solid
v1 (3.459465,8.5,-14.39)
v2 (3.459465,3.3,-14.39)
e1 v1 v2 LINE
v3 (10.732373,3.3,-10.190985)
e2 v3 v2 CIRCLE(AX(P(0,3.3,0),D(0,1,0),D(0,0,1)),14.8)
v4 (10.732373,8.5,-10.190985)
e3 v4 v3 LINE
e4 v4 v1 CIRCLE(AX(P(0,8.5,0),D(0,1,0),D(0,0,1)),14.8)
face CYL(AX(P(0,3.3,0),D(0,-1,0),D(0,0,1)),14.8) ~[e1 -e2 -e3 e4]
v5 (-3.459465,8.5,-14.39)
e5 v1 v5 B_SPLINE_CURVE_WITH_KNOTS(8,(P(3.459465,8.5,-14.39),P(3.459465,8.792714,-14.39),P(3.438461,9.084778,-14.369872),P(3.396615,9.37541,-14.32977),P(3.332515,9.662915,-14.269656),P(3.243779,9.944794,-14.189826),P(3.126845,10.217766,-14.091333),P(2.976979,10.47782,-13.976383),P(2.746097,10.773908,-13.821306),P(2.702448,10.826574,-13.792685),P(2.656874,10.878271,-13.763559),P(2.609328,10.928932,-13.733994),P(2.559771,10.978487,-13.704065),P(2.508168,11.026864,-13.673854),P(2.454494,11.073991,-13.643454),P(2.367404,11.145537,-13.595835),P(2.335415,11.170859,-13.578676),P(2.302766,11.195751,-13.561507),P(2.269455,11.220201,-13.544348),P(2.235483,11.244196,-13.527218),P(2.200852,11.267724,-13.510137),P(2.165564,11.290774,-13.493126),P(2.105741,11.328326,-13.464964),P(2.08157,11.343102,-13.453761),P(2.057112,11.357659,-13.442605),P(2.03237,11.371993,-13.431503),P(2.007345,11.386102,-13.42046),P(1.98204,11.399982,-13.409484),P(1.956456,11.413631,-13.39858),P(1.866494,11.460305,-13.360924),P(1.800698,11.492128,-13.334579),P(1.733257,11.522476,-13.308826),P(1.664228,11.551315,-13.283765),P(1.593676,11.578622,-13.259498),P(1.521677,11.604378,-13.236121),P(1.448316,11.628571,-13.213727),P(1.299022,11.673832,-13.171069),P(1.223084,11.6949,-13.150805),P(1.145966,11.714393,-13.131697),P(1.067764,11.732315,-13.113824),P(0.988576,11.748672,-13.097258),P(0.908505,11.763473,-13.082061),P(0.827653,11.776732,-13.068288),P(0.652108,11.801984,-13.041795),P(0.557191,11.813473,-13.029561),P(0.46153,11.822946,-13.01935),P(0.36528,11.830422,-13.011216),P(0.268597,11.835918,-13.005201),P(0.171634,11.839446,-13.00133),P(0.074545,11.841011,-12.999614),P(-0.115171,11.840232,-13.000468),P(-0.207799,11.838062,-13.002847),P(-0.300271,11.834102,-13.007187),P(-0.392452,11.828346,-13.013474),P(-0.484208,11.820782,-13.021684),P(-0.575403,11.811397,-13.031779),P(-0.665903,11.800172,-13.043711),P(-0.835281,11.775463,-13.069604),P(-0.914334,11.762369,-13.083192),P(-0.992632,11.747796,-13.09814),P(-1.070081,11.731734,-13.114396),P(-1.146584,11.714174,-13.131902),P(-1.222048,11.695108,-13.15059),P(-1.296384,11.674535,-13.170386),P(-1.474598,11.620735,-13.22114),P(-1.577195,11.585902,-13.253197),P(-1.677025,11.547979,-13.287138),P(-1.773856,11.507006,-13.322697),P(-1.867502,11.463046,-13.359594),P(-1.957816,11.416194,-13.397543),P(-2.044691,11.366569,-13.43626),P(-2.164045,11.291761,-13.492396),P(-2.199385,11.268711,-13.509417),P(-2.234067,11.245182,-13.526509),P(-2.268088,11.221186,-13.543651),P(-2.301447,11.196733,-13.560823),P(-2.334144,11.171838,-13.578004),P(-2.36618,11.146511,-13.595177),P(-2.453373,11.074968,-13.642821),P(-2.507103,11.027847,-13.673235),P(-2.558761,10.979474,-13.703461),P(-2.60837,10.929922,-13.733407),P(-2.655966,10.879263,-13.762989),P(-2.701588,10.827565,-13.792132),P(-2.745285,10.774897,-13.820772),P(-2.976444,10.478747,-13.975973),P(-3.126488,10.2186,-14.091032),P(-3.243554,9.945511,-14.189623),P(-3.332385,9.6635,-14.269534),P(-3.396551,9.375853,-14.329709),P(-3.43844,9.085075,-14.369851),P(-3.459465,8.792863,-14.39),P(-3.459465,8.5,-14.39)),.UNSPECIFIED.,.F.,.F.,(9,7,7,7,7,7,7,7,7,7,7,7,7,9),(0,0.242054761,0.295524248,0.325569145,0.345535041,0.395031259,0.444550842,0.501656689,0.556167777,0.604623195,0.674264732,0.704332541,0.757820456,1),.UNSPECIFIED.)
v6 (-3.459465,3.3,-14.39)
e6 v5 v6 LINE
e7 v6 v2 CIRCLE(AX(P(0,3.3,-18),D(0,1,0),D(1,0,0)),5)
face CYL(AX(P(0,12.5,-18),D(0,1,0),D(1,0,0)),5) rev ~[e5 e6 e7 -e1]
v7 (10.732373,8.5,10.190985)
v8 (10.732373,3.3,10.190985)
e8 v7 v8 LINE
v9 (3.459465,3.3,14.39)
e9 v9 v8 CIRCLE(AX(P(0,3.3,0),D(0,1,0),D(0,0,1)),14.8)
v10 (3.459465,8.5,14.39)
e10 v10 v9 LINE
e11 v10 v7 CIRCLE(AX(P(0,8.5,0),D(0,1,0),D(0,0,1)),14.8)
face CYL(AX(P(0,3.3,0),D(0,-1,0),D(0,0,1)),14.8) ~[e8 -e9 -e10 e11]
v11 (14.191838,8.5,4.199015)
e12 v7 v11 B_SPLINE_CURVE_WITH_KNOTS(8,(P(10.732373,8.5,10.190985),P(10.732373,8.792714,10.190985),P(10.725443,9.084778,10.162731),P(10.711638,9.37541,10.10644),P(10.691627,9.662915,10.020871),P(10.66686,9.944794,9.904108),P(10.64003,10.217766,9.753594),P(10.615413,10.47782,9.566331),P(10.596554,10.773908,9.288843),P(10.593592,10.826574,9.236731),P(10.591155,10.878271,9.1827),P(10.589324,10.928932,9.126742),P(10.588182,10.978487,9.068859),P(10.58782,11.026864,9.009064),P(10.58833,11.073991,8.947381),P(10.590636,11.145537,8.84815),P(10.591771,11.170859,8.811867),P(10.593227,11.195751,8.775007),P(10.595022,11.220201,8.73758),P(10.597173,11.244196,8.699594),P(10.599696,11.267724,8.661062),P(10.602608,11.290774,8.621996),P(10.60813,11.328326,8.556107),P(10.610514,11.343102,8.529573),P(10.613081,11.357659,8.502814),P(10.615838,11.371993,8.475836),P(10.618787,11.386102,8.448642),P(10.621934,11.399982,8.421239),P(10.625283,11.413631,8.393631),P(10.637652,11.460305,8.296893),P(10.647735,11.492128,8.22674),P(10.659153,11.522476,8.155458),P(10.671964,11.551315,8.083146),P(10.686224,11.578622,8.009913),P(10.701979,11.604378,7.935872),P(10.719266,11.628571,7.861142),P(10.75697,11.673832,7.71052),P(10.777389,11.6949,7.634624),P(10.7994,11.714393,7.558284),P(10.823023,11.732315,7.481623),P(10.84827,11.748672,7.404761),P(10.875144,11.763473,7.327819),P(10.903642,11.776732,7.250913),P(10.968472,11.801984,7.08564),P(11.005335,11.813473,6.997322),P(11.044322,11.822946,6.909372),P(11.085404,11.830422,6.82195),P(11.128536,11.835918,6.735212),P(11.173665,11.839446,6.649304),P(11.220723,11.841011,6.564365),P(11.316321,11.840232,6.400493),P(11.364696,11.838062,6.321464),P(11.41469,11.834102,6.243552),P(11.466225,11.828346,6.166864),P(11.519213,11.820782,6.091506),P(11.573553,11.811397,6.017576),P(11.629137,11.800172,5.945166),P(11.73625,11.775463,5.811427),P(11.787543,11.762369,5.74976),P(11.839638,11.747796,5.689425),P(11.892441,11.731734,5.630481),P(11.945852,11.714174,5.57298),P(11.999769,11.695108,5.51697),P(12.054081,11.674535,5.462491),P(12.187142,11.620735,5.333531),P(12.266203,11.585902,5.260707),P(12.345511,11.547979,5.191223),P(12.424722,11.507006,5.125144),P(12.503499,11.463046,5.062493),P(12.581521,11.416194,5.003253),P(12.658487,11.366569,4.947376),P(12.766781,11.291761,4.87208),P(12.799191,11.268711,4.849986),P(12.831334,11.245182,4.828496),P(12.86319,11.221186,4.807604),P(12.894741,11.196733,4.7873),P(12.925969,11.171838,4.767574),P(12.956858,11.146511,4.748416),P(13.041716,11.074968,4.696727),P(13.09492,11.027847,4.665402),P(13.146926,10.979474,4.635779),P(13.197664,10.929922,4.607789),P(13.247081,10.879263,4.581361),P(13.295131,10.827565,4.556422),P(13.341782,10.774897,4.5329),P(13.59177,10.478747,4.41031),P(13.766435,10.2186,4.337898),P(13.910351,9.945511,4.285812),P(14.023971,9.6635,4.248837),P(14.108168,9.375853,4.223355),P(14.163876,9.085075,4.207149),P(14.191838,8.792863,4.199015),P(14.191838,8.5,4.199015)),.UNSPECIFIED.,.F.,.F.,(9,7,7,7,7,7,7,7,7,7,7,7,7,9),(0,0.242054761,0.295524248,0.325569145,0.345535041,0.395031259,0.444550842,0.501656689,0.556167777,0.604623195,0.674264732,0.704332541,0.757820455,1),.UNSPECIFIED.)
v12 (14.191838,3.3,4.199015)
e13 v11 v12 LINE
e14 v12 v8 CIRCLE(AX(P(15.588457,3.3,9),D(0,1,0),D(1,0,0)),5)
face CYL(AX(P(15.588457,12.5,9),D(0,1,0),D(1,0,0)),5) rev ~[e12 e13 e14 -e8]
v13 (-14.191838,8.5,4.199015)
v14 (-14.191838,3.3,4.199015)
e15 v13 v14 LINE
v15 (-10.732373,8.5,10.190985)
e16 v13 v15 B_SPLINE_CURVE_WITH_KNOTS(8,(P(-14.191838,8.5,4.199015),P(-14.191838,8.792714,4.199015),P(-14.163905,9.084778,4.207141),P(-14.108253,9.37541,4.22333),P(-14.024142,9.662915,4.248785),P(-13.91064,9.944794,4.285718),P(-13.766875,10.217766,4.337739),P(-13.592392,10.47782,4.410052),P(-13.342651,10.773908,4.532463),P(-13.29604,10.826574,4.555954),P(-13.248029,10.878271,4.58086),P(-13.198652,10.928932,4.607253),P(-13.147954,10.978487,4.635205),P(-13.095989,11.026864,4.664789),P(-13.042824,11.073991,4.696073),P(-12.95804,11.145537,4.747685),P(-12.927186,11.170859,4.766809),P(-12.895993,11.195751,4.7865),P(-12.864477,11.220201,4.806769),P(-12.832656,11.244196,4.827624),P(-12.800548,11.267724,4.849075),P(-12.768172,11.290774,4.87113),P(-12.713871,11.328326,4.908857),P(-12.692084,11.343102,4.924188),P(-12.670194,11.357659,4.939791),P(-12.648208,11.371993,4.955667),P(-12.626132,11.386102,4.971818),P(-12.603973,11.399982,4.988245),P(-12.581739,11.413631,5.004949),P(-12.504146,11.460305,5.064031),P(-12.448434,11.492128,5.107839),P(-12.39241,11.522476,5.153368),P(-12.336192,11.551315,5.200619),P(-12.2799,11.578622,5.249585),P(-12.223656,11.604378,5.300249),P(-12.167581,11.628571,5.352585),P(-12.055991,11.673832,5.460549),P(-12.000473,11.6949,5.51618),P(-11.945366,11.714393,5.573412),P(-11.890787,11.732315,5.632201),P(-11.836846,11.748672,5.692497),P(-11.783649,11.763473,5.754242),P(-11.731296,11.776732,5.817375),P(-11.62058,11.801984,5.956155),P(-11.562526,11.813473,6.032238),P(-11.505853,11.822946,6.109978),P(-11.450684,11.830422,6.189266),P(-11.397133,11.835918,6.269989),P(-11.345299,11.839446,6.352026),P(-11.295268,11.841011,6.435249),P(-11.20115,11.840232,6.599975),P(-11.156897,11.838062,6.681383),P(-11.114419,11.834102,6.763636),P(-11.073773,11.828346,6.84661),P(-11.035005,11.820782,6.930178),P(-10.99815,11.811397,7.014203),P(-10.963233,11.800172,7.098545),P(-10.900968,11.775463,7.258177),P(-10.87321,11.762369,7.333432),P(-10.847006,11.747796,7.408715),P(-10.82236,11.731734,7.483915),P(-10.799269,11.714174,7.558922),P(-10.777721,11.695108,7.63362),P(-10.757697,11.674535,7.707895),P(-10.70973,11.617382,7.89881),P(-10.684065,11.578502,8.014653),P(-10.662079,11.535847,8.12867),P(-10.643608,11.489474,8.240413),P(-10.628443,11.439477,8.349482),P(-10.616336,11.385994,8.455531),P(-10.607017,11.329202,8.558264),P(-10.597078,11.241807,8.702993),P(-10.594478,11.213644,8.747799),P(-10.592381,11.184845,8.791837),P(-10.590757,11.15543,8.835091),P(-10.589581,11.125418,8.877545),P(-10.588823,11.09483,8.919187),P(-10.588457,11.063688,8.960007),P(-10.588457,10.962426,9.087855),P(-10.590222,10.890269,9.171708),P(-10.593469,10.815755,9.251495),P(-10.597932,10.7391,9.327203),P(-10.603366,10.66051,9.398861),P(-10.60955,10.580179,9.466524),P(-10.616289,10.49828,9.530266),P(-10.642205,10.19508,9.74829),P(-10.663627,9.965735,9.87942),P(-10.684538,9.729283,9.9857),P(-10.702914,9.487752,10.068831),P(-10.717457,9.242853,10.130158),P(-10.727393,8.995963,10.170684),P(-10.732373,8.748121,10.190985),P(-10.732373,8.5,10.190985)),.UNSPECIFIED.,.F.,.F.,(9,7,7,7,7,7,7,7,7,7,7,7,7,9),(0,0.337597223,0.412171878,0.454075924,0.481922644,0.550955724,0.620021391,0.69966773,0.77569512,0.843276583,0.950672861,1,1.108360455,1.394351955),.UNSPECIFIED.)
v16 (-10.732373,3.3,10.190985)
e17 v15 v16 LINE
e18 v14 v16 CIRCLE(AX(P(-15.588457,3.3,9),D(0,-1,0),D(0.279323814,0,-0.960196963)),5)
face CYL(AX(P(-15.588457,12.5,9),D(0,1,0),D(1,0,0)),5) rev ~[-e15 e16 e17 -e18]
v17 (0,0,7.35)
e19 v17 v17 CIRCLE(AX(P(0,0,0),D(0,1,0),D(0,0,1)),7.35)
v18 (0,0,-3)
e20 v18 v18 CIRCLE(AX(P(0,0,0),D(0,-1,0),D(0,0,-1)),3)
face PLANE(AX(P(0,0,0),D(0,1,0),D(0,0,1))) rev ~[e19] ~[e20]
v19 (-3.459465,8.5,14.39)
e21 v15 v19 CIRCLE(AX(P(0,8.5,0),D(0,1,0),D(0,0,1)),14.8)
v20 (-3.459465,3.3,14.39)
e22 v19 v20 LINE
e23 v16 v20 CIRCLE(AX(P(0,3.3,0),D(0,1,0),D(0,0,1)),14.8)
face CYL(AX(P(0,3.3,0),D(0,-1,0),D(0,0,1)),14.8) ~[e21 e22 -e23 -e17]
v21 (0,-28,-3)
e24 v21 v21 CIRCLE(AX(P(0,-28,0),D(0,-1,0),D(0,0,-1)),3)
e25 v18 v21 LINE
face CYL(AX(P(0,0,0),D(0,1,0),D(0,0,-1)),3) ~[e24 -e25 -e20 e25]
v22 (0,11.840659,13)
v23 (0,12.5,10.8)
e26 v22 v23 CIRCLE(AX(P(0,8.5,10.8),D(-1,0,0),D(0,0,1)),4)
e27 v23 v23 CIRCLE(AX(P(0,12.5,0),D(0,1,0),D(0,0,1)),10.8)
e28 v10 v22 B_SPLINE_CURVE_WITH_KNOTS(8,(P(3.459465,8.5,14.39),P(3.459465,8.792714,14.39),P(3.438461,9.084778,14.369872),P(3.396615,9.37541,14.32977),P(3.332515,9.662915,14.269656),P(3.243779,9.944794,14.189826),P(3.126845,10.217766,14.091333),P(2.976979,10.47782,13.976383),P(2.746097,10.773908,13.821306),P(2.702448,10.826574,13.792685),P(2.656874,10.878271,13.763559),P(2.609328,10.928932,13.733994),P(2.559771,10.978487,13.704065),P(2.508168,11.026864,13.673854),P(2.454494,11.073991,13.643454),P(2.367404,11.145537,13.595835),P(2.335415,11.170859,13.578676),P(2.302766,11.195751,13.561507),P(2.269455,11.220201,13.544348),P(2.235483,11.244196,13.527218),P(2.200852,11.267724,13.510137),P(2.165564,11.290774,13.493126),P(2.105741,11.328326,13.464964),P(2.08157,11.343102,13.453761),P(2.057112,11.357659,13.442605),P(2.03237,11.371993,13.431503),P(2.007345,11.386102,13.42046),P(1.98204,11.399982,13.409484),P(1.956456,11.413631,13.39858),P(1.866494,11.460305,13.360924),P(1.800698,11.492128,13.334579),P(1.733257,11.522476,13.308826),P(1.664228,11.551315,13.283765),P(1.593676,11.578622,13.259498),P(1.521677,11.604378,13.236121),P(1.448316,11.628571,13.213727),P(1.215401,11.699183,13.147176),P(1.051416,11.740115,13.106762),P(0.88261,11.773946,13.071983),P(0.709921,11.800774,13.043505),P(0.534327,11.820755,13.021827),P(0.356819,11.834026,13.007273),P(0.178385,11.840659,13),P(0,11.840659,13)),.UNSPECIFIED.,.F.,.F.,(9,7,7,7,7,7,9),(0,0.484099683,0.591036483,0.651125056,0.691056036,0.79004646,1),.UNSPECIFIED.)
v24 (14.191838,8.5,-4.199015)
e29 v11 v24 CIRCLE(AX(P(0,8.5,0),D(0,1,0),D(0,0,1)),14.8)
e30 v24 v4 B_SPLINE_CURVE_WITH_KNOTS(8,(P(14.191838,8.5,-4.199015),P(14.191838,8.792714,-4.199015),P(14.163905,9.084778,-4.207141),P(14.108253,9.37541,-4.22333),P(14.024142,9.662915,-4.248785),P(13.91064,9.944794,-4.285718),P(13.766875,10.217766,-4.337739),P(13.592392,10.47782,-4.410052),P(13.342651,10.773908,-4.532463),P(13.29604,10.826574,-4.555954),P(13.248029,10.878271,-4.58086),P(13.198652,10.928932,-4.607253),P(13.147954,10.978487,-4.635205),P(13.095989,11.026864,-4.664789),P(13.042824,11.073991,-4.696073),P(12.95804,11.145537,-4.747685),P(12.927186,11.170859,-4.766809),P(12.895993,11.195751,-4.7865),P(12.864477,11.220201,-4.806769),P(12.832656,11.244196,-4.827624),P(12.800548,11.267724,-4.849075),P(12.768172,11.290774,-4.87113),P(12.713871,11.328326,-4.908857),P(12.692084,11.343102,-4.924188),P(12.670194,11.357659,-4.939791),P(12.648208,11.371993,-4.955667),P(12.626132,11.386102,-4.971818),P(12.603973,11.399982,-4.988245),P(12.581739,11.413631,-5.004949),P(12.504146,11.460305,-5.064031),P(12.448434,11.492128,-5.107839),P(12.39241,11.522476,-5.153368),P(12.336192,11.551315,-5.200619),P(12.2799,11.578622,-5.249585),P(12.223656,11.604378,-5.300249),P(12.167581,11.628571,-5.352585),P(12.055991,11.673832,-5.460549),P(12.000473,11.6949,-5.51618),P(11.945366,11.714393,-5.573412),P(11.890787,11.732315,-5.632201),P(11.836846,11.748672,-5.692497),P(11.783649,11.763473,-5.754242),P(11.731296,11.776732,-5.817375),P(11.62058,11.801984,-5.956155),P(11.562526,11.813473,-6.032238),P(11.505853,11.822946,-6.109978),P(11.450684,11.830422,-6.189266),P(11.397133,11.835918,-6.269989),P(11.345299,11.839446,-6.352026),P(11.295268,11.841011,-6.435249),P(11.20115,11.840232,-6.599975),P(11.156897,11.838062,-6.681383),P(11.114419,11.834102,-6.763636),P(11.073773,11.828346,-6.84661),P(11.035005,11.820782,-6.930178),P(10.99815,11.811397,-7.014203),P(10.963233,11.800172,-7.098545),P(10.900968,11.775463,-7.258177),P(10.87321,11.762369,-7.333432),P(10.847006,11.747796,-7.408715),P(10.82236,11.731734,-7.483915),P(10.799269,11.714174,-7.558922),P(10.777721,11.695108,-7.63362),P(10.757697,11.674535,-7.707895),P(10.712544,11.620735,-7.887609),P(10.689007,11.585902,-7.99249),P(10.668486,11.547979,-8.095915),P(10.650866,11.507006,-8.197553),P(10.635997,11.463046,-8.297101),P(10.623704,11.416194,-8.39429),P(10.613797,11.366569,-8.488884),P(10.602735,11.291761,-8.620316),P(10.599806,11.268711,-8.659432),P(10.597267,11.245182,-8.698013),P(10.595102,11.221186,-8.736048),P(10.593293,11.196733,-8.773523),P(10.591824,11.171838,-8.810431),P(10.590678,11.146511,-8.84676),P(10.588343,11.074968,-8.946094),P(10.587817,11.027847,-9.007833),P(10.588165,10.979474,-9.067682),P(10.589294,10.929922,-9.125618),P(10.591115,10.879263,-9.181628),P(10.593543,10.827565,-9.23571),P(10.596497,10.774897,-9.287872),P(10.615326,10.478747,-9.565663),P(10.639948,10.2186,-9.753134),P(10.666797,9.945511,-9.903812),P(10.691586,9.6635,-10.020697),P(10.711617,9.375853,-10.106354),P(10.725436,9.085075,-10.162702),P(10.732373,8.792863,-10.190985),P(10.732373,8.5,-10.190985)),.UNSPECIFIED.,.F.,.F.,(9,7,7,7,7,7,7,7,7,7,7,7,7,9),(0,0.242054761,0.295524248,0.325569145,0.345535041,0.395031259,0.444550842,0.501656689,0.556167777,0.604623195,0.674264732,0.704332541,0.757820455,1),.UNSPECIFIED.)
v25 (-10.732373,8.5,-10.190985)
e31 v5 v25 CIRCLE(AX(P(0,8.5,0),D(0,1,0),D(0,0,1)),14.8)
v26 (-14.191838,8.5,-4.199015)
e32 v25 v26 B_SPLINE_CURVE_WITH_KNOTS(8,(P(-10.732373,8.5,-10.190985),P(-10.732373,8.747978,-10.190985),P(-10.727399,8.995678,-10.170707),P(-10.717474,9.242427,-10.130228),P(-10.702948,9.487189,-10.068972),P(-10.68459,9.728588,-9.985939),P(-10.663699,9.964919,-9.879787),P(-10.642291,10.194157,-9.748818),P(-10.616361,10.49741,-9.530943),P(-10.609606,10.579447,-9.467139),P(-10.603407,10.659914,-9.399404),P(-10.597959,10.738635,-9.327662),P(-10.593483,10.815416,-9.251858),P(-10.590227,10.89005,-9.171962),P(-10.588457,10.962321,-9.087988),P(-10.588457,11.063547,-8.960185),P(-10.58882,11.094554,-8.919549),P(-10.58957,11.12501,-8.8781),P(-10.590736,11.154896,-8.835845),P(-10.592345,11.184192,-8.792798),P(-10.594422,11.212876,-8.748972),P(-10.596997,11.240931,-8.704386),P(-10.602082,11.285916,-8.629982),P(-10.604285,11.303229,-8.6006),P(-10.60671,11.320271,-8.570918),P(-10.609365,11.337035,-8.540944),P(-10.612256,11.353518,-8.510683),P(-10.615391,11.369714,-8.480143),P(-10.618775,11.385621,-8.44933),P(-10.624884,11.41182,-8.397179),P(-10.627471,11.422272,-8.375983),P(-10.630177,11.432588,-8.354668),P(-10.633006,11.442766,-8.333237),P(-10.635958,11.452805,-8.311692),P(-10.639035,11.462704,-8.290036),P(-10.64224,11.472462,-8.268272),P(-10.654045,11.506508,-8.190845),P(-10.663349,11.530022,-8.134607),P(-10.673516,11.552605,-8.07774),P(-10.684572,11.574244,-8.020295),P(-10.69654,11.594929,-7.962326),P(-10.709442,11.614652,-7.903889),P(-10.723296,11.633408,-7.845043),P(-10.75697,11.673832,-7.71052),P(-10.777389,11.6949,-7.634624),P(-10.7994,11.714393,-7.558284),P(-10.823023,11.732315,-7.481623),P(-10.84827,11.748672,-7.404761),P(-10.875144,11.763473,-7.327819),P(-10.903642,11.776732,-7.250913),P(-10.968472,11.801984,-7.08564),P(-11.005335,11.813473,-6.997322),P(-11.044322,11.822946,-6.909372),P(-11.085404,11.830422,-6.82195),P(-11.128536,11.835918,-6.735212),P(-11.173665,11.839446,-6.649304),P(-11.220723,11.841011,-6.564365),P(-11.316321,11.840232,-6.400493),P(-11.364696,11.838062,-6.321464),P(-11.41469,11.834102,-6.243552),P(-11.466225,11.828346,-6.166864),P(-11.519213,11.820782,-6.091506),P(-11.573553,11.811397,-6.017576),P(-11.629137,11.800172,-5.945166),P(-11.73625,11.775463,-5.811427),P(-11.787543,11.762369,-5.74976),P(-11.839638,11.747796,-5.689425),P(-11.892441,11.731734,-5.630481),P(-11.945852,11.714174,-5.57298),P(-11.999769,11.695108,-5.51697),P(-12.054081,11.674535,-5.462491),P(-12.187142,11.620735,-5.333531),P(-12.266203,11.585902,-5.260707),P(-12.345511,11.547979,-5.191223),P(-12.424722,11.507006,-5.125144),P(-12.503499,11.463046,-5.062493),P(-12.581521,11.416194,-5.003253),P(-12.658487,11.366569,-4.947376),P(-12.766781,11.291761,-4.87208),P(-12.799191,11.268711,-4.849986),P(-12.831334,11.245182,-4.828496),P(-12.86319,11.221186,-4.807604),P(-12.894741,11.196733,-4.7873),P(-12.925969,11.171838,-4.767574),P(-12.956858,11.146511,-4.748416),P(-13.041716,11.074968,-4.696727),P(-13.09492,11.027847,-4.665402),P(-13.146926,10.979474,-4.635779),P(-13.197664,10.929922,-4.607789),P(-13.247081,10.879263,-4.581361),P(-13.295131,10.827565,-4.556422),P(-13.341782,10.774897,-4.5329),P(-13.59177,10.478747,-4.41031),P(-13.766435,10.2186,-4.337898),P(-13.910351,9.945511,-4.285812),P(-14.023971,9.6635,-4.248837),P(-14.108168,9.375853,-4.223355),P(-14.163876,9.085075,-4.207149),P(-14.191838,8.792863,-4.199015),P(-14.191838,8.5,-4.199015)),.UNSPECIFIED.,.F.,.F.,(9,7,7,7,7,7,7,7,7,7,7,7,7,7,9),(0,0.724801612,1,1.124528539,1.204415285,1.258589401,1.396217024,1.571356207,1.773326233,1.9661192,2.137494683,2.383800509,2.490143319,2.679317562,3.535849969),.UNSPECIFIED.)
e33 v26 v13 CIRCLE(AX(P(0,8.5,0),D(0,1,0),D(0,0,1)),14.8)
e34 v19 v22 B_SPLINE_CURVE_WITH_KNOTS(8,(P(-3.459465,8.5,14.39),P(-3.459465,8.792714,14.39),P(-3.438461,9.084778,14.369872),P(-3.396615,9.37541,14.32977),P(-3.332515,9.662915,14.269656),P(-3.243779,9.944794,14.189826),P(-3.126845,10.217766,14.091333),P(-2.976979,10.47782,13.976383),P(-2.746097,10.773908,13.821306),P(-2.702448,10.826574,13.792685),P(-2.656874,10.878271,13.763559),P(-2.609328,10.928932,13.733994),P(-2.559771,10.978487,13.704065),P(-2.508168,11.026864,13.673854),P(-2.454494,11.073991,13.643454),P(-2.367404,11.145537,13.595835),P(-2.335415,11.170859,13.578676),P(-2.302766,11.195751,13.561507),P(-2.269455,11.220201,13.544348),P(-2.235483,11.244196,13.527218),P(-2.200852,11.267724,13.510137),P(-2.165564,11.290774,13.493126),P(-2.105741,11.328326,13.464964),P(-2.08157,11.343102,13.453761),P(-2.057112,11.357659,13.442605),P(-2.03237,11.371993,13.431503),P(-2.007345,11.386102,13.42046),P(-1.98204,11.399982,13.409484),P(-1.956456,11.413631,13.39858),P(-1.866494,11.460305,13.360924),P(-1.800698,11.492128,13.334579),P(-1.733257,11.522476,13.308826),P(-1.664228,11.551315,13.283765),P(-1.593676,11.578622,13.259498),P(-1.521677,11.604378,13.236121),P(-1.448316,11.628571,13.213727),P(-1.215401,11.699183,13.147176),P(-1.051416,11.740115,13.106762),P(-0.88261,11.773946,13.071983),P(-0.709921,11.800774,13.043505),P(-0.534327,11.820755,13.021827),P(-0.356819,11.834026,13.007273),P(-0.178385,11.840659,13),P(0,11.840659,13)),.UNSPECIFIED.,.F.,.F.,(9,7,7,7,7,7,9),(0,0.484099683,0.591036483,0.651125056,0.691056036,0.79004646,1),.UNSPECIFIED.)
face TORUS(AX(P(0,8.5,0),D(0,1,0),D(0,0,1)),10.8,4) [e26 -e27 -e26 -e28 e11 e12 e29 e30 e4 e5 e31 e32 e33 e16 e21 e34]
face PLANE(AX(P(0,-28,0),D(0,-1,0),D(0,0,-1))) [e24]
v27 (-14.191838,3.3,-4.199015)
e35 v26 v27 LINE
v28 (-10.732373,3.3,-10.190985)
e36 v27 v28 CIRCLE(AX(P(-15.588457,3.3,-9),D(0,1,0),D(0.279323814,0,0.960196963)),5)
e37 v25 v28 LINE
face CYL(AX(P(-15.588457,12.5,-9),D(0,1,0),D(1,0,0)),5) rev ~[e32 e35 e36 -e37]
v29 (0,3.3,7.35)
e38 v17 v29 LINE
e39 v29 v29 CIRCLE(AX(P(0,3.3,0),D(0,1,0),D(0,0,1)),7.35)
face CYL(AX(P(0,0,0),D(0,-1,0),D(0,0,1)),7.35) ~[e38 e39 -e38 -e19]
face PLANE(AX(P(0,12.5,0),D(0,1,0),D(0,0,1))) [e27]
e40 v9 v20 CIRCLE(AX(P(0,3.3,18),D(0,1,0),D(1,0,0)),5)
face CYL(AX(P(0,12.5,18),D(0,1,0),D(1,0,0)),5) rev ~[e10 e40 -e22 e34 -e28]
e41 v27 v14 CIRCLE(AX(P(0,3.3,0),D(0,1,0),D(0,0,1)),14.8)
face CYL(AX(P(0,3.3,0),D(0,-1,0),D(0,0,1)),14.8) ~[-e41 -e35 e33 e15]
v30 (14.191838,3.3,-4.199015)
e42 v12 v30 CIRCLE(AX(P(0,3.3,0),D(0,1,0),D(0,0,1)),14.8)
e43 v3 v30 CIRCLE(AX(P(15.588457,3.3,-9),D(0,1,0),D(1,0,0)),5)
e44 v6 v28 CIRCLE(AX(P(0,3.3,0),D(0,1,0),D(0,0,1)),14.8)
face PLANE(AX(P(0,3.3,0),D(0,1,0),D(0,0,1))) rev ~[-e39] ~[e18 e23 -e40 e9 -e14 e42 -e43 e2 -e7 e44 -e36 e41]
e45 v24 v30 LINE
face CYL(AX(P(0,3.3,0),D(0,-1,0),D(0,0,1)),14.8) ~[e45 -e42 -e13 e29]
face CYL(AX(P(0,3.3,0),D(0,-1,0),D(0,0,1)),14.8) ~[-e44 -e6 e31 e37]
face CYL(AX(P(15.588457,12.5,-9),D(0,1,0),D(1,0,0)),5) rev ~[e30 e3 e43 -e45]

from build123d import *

# Parameters (mm, degrees)
SKETCH_1_R          = 7.35
EXTRUDE_1_DEPTH     = 3.3
SKETCH_2_R          = 3
EXTRUDE_342_DEPTH   = 28
SKETCH_3_R          = 14.8
EXTRUDE_3_DEPTH     = 9.2
FILLET_1_R          = 4
SKETCH_4_R          = 5
CUT_EXTRUDE_1_DEPTH = 10


with BuildPart() as part:
    # Эскиз1 → Бобышка-Вытянуть1 (new body)
    with BuildSketch(Plane(origin=(0, 0, 0), x_dir=(1, 0, 0), z_dir=(0, 1, 0))):
        with Locations(Location((0, 0, 0), (0, 0, 270))):
            Circle(SKETCH_1_R)
    extrude(amount=EXTRUDE_1_DEPTH)

    # Эскиз2 → Extrude 342 (add)
    with BuildSketch(Plane.XZ):
        with Locations(Location((0, 0, 0), (0, 0, 270))):
            Circle(SKETCH_2_R)
    extrude(amount=EXTRUDE_342_DEPTH)

    # Эскиз3 → Бобышка-Вытянуть3 (add)
    with BuildSketch(Plane(origin=(0, 3.3, 0), x_dir=(1, 0, 0), z_dir=(0, 1, 0))):
        with Locations(Location((0, 0, 0), (0, 0, 270))):
            Circle(SKETCH_3_R)
    extrude(amount=EXTRUDE_3_DEPTH)

    # Скругление1
    fillet_1_edges = [part.edges().sort_by_distance(p)[0] for p in [
        (0, 12.5, -14.8),
    ]]
    fillet(fillet_1_edges, radius=FILLET_1_R)

    # Эскиз4 → Вырез-Вытянуть1 (cut)
    with BuildSketch(Plane(origin=(0, 12.5, 0), x_dir=(1, 0, 0), z_dir=(0, 1, 0))):
        with Locations((0, 18)):
            Circle(SKETCH_4_R)
        with Locations((15.588457268, 9)):
            Circle(SKETCH_4_R)
        with Locations((15.588457268, -9)):
            Circle(SKETCH_4_R)
        with Locations((0, -18)):
            Circle(SKETCH_4_R)
        with Locations((-15.588457268, -9)):
            Circle(SKETCH_4_R)
        with Locations((-15.588457268, 9)):
            Circle(SKETCH_4_R)
    extrude(amount=-CUT_EXTRUDE_1_DEPTH, mode=Mode.SUBTRACT)


solid = part.part
